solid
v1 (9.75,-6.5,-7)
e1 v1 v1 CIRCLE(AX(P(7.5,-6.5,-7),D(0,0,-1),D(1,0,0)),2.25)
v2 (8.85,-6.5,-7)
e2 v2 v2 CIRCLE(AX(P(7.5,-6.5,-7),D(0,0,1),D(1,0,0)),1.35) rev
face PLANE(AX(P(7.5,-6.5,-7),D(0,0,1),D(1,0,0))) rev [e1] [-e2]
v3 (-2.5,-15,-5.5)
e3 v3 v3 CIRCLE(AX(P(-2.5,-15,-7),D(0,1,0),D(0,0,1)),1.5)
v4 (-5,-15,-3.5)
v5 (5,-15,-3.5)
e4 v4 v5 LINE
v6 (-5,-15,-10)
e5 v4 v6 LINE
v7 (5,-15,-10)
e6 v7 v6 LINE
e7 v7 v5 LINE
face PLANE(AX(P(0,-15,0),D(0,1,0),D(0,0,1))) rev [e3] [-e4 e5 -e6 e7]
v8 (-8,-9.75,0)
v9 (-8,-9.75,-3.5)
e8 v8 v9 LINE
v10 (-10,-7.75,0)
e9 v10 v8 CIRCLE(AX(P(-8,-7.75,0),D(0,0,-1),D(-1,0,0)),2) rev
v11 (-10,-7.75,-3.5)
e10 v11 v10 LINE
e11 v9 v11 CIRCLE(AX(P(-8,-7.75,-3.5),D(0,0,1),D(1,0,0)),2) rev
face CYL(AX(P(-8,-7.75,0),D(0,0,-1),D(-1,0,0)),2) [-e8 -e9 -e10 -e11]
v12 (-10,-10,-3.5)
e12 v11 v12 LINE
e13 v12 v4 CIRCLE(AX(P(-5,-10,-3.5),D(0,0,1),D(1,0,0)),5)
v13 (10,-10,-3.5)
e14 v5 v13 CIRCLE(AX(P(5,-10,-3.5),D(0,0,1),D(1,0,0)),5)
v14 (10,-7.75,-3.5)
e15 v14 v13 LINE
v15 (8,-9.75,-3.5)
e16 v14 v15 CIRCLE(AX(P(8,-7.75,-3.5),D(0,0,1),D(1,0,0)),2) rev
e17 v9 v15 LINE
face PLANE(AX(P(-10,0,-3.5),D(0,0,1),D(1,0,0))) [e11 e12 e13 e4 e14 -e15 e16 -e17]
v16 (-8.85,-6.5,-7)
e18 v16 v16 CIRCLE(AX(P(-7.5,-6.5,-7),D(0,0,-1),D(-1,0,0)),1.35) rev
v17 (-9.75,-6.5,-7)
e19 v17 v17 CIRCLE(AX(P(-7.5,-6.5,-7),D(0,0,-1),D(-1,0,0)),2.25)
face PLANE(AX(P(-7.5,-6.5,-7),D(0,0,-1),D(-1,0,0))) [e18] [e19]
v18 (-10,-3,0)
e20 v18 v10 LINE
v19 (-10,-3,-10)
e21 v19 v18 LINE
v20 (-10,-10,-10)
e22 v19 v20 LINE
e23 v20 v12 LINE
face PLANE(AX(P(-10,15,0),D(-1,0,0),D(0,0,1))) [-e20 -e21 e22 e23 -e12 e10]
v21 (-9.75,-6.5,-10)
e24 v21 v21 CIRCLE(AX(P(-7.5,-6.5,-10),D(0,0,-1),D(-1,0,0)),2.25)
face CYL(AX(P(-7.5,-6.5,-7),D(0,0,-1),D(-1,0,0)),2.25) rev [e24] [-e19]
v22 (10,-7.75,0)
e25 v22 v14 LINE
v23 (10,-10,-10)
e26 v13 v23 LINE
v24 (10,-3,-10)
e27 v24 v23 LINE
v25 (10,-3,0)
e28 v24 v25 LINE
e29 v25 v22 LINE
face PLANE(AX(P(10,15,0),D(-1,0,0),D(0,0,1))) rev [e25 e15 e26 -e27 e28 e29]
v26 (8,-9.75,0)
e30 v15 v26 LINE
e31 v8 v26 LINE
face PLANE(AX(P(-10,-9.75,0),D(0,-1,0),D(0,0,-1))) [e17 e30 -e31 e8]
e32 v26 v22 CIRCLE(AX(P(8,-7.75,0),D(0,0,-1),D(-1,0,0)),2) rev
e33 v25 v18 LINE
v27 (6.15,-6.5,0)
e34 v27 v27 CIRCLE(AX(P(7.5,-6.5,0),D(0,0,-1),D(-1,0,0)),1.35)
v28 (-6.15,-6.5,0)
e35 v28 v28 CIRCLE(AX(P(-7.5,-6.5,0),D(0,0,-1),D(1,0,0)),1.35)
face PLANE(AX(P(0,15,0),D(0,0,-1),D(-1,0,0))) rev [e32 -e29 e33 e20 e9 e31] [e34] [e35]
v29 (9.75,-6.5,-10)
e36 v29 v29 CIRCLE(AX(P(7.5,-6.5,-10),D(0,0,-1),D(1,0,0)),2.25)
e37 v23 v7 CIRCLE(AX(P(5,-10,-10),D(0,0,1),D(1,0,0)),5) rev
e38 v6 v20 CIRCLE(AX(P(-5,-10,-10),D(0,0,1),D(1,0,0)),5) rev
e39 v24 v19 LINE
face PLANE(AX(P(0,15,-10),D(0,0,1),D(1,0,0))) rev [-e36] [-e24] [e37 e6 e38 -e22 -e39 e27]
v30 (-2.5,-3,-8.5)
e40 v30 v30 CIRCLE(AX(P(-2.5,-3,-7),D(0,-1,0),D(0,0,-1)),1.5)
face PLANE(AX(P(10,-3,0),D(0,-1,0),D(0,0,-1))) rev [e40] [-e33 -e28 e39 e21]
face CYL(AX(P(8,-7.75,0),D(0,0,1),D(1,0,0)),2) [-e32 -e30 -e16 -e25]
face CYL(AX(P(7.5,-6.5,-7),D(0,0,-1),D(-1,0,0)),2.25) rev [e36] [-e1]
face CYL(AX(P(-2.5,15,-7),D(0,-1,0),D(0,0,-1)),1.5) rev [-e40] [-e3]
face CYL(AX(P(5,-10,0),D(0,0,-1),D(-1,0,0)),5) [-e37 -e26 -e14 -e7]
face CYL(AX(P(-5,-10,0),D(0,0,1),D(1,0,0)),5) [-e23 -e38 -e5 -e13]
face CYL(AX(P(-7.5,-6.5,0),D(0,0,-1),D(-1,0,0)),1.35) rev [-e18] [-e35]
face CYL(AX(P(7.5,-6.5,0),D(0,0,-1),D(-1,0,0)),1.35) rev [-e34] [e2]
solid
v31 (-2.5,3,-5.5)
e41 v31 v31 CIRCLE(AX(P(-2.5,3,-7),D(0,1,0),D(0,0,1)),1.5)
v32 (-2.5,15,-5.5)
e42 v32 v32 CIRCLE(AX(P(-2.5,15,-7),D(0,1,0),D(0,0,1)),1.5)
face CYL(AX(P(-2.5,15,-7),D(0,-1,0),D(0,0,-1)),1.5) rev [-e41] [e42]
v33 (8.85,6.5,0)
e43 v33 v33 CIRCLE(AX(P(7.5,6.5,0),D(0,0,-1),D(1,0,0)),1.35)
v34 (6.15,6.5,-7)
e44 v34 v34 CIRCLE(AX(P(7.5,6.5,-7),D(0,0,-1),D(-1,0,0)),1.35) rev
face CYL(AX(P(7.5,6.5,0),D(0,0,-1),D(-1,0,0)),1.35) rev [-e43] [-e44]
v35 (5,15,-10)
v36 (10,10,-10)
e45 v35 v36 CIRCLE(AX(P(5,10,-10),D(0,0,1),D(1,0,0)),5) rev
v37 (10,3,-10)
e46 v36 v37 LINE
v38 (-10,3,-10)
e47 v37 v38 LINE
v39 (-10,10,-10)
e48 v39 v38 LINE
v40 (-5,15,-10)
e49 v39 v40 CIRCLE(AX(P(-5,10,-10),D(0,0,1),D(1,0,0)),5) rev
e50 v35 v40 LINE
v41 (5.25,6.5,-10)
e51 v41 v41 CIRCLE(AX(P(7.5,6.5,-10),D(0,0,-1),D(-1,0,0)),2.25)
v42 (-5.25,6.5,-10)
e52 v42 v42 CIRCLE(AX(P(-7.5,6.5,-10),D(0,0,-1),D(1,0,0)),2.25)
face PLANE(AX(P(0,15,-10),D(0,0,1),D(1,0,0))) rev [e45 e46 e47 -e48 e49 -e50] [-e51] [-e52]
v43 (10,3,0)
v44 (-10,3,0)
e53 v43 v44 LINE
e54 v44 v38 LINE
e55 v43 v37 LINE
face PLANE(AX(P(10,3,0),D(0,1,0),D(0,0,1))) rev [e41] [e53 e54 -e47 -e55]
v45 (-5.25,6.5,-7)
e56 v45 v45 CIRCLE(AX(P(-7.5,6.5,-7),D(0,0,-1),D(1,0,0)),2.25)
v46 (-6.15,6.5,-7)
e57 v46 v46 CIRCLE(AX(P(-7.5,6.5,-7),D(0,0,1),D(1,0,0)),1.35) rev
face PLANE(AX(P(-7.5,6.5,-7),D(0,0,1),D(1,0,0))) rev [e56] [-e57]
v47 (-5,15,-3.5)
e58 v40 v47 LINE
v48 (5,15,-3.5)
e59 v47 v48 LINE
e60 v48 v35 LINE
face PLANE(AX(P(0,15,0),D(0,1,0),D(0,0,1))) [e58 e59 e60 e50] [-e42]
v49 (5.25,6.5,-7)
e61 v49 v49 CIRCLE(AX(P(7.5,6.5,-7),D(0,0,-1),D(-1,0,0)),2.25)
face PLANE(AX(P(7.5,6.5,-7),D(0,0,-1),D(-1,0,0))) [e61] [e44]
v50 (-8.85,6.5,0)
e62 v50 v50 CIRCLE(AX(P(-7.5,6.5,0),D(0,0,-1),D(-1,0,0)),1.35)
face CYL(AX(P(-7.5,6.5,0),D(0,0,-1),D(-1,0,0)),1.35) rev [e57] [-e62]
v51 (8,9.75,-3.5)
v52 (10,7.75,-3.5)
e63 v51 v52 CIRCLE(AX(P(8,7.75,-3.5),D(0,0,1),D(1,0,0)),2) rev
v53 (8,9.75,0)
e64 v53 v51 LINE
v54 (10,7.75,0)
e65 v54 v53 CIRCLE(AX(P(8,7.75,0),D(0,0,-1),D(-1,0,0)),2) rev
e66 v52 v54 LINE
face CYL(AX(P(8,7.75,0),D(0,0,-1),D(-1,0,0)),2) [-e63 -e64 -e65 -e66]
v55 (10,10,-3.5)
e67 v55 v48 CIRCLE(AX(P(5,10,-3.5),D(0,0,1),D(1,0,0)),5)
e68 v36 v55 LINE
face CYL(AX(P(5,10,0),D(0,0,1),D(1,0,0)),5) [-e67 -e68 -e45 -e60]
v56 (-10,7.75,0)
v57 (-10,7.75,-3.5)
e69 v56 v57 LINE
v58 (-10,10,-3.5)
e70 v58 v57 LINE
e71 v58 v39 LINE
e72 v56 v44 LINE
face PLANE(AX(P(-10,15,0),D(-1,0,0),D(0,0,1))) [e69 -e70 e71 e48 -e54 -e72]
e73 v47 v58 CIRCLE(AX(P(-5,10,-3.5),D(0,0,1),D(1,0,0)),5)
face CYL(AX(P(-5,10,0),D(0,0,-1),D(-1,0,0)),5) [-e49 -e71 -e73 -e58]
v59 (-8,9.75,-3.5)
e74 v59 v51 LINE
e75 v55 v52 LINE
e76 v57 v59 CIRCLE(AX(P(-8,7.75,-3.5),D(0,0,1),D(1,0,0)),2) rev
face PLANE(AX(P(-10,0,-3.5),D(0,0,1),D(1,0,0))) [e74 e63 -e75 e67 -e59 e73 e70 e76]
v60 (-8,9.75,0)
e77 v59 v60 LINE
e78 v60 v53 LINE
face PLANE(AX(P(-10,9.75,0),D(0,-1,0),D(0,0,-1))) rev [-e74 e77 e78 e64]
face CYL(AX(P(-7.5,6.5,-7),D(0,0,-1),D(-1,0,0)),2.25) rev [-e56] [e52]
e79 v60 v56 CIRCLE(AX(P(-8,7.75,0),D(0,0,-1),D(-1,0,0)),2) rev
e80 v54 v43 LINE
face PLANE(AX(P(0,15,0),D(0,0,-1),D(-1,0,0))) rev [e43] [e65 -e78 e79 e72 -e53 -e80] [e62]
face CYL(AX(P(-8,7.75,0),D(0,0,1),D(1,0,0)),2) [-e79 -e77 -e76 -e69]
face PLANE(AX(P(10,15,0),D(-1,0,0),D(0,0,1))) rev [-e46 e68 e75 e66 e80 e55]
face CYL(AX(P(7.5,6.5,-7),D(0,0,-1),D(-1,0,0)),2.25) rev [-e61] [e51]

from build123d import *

# Parameters (mm, degrees)
SKETCH_1_W               = 20
SKETCH_1_H               = 10
SKETCH_1_R               = 1.5
EXTRUDE_1_DEPTH          = 15
CUT_EXTRUDE_3_DEPTH      = 21.615528128
CUT_EXTRUDE_3_DEPTH_BACK = 21.615528128
SKETCH_2_W               = 3.5
SKETCH_2_H               = 5.25
SKETCH_4_R               = 1.35
CUT_EXTRUDE_4_DEPTH      = 21.615528128
FILLET_1_R               = 5
FILLET_2_R               = 2
SKETCH_6_R               = 2.25
CUT_EXTRUDE_6_DEPTH      = 3
SKETCH_7_W               = 10
SKETCH_7_H               = 6
CUT_EXTRUDE_7_DEPTH      = 27.925824036


with BuildPart() as part:
    # 草图1 → 凸台-拉伸1 (new, symmetric)
    with BuildSketch(Plane(origin=(0, 0, 0), x_dir=(1, 0, 0), z_dir=(0, 1, 0))):
        with Locations((0, 5)):
            Rectangle(SKETCH_1_W, SKETCH_1_H)
        with Locations(Location((-2.5, 7, 0), (0, 0, 270))):
            Circle(SKETCH_1_R, mode=Mode.SUBTRACT)
    extrude(amount=EXTRUDE_1_DEPTH, both=True)

    # 草图2 → 切除-拉伸3 (cut, two sides: drawn at the far end of the back side and taken through both)
    with BuildSketch(Plane(origin=(0, 0, 0), x_dir=(0, 0, -1), z_dir=(1, 0, 0)).offset(-CUT_EXTRUDE_3_DEPTH_BACK)):
        with Locations((1.75, -12.375)):
            Rectangle(SKETCH_2_W, SKETCH_2_H)
        with Locations((1.75, 12.375)):
            Rectangle(SKETCH_2_W, SKETCH_2_H)
    extrude(amount=CUT_EXTRUDE_3_DEPTH + CUT_EXTRUDE_3_DEPTH_BACK, mode=Mode.SUBTRACT)

    # 草图4 → 切除-拉伸4 (cut, through all)
    with BuildSketch(Plane(origin=(0, 0, -10), x_dir=(-1, 0, 0), z_dir=(0, 0, -1))):
        with Locations((-7.5, -6.5)):
            Circle(SKETCH_4_R)
        with Locations(Location((7.5, -6.5, 0), (0, 0, 180))):
            Circle(SKETCH_4_R)
        with Locations((7.5, 6.5)):
            Circle(SKETCH_4_R)
        with Locations(Location((-7.5, 6.5, 0), (0, 0, 180))):
            Circle(SKETCH_4_R)
    extrude(amount=-CUT_EXTRUDE_4_DEPTH, mode=Mode.SUBTRACT)

    # 圆角1
    fillet_1_edges = [part.edges().sort_by_distance(p)[0] for p in [
        (-10, -15, -6.75),
        (10, -15, -6.75),
        (-10, 15, -6.75),
        (10, 15, -6.75),
    ]]
    fillet(fillet_1_edges, radius=FILLET_1_R)

    # 圆角2
    fillet_2_edges = [part.edges().sort_by_distance(p)[0] for p in [
        (10, -9.75, -1.75),
        (-10, -9.75, -1.75),
        (-10, 9.75, -1.75),
        (10, 9.75, -1.75),
    ]]
    fillet(fillet_2_edges, radius=FILLET_2_R)

    # 草图6 → 切除-拉伸6 (cut)
    with BuildSketch(Plane(origin=(0, 0, -10), x_dir=(-1, 0, 0), z_dir=(0, 0, -1))):
        with Locations((-7.5, 6.5)):
            Circle(SKETCH_6_R)
        with Locations(Location((-7.5, -6.5, 0), (0, 0, 180))):
            Circle(SKETCH_6_R)
        with Locations((7.5, -6.5)):
            Circle(SKETCH_6_R)
        with Locations(Location((7.5, 6.5, 0), (0, 0, 180))):
            Circle(SKETCH_6_R)
    extrude(amount=-CUT_EXTRUDE_6_DEPTH, mode=Mode.SUBTRACT)

    # 草图7 → 切除-拉伸7 (cut, through all)
    with BuildSketch(Plane.ZY.offset(10)):
        with Locations((-5, 0)):
            Rectangle(SKETCH_7_W, SKETCH_7_H)
    extrude(amount=-CUT_EXTRUDE_7_DEPTH, mode=Mode.SUBTRACT)


with BuildPart() as cut_extrude_7_piece_1:
    # of the separate pieces the step leaves, piece 1, a body of its own (cut_extrude_7_pieces)
    add(part.part.solids().sort_by_distance((10, 7.75, 0))[0])


with BuildPart() as cut_extrude_7_piece_2:
    # of the separate pieces the step leaves, piece 2, a body of its own (cut_extrude_7_pieces)
    add(part.part.solids().sort_by_distance((10, -3, -10))[0])


solid = Compound([cut_extrude_7_piece_1.part, cut_extrude_7_piece_2.part])
